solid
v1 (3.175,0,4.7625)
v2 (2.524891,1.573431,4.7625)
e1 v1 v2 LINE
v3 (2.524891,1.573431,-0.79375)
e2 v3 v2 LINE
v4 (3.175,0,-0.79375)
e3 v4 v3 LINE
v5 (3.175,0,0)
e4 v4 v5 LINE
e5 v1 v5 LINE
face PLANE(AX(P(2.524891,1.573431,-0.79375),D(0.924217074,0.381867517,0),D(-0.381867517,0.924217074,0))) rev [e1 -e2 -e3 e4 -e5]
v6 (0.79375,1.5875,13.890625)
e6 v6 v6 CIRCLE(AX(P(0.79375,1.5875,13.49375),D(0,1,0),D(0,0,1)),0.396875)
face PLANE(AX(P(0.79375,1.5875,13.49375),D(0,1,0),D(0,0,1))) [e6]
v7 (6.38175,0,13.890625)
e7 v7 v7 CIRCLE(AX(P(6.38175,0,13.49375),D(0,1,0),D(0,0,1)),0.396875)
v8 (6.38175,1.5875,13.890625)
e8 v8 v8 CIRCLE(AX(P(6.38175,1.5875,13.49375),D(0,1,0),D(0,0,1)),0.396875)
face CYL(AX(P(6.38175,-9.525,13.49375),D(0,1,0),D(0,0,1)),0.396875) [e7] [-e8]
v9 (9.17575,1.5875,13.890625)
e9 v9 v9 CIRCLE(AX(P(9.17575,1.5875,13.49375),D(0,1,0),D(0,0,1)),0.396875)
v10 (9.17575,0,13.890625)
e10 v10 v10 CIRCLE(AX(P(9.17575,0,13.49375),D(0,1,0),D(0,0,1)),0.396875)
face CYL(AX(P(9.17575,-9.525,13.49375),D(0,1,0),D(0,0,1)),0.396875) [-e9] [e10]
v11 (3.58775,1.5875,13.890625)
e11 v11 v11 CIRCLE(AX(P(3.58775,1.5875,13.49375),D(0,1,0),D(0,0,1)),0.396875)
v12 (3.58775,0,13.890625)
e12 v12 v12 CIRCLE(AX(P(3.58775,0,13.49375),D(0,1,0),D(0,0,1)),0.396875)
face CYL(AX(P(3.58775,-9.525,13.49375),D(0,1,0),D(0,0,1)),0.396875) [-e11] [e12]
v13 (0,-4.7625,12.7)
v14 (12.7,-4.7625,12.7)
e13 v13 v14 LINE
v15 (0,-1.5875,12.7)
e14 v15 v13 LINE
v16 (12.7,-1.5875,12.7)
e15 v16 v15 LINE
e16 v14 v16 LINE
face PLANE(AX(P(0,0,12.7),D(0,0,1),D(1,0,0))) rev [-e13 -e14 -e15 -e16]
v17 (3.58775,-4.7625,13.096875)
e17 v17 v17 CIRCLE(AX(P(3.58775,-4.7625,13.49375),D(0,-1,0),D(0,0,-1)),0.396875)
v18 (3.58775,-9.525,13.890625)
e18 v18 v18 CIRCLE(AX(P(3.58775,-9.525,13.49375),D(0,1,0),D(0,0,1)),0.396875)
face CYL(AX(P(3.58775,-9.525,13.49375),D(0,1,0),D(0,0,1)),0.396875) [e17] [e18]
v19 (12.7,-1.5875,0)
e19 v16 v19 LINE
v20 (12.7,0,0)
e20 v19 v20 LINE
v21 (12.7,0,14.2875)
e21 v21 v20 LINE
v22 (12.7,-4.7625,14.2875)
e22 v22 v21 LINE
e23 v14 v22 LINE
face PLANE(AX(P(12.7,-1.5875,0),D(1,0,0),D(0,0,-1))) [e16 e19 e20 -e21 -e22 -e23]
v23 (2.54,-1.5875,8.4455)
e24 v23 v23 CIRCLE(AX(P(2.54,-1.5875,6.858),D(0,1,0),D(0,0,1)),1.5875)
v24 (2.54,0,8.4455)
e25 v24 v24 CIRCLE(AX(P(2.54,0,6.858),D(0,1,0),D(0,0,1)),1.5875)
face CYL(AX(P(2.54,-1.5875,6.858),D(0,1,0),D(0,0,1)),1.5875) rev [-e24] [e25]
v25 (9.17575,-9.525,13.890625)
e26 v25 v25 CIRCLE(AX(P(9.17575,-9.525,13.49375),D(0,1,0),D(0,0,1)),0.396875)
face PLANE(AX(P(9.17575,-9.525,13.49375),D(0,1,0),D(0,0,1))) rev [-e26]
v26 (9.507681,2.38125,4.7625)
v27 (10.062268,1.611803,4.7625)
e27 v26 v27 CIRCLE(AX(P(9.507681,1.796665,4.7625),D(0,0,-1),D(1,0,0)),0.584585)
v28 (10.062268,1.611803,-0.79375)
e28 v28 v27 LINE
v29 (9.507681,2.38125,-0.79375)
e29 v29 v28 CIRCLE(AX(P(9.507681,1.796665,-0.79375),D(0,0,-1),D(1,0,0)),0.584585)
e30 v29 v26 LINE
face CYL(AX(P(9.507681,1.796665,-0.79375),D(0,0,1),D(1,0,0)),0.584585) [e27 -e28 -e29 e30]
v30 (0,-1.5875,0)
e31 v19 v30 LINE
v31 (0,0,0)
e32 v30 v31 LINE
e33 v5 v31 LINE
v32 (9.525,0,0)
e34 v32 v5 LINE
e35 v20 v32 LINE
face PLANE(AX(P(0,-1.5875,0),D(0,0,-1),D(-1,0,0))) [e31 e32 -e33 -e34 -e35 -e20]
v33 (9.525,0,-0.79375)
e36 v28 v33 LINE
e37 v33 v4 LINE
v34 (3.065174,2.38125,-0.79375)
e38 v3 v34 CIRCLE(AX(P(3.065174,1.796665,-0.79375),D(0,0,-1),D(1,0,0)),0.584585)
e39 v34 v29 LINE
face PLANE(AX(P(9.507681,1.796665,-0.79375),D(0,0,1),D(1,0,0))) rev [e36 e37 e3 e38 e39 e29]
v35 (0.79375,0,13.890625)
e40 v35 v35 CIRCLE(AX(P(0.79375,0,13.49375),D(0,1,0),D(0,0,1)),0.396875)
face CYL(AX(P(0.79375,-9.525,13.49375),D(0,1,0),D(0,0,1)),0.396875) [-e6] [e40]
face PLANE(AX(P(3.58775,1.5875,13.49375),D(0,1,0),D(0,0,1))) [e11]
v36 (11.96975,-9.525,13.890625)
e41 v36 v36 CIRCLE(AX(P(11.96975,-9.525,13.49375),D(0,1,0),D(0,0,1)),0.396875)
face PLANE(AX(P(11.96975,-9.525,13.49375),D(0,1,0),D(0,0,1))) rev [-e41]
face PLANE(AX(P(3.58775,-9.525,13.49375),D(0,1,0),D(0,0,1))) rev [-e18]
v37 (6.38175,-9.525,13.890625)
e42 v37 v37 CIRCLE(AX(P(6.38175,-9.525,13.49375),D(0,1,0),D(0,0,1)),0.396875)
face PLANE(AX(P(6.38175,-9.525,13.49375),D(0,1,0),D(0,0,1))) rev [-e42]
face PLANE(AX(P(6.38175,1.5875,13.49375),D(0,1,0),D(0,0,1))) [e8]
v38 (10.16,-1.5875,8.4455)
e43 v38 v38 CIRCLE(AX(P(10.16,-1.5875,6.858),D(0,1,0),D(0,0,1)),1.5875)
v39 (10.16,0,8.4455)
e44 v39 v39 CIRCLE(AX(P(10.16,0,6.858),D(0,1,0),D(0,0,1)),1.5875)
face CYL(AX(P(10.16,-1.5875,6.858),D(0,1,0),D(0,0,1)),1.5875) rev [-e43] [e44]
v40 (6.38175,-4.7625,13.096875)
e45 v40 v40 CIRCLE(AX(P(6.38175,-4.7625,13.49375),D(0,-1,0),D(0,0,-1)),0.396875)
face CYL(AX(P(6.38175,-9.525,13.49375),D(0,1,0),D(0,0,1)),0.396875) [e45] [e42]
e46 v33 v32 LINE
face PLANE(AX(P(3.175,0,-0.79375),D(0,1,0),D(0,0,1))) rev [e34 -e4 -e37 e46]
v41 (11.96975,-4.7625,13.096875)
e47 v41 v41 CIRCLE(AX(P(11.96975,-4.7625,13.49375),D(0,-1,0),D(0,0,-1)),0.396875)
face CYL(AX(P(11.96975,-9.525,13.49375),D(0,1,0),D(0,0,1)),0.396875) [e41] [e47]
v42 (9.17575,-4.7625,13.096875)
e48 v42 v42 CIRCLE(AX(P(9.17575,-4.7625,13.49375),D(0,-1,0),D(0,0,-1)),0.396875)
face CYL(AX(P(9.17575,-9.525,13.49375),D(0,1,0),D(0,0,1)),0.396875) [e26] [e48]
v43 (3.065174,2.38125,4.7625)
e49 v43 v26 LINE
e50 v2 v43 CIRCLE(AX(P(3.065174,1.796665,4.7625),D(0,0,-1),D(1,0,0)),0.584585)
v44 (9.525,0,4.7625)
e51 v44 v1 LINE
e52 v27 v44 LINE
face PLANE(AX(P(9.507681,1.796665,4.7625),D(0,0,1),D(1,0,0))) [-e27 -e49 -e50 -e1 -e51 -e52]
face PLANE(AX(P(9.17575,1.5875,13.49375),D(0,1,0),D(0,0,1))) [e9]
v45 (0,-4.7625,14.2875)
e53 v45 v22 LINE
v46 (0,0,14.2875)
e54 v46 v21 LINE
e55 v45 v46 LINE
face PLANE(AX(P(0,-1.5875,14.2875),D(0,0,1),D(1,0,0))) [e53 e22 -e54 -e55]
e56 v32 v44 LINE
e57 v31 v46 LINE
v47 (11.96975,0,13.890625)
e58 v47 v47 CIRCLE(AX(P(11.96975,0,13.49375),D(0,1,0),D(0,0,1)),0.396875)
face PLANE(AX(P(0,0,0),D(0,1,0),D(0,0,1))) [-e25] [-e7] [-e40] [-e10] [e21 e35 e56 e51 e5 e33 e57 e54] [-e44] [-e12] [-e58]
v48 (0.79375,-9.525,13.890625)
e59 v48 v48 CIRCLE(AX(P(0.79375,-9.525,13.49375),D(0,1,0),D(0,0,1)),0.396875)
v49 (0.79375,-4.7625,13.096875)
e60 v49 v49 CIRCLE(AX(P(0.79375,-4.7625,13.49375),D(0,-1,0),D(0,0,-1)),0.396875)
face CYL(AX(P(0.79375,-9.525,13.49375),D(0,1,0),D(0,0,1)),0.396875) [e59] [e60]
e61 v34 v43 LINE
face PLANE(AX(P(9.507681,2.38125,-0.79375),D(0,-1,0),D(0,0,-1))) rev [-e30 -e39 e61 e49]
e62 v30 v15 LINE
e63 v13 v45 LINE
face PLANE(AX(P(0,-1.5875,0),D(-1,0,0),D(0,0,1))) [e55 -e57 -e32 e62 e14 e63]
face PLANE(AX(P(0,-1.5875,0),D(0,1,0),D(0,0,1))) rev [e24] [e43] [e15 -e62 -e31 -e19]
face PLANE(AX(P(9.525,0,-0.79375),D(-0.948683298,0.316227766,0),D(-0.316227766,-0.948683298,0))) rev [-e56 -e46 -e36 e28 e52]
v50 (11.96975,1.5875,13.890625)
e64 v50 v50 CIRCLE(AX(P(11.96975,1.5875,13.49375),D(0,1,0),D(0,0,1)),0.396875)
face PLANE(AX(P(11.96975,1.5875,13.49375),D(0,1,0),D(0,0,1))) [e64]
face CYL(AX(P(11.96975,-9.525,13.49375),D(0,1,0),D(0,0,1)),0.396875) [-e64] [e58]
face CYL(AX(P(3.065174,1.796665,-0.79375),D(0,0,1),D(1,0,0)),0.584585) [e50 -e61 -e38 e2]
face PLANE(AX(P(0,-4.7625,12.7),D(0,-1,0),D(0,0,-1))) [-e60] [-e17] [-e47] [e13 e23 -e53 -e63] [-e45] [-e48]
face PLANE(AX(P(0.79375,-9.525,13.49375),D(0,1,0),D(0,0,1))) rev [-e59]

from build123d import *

# Parameters (mm, degrees)
SKETCH1_W                = 12.7
SKETCH1_H                = 14.2875
SKETCH1_R                = 1.5875
BOSS_EXTRUDE1_DEPTH      = 1.5875
SKETCH2_W                = 12.7
SKETCH2_H                = 3.175
BOSS_EXTRUDE2_DEPTH      = 1.5875
SKETCH3_R                = 0.396875
CUT_EXTRUDE1_DEPTH       = 5.7625
SKETCH4_R                = 0.396875
BOSS_EXTRUDE3_DEPTH      = 1.5875
BOSS_EXTRUDE3_DEPTH_BACK = 9.525
BOSS_EXTRUDE5_DEPTH      = 0.79375
BOSS_EXTRUDE5_DEPTH_BACK = 4.7625


with BuildPart() as part:
    # Sketch1 → Boss-Extrude1 (new body)
    with BuildSketch(Plane(origin=(0, 0, 0), x_dir=(1, 0, 0), z_dir=(0, 1, 0))):
        with Locations((6.35, -7.14375)):
            Rectangle(SKETCH1_W, SKETCH1_H)
        with Locations((10.16, -6.858)):
            Circle(SKETCH1_R, mode=Mode.SUBTRACT)
        with Locations((2.54, -6.858)):
            Circle(SKETCH1_R, mode=Mode.SUBTRACT)
    extrude(amount=-BOSS_EXTRUDE1_DEPTH)

    # Sketch2 → Boss-Extrude2 (add)
    with BuildSketch(Plane.XY.offset(14.2875)):
        with Locations((6.35, -3.175)):
            Rectangle(SKETCH2_W, SKETCH2_H)
    extrude(amount=-BOSS_EXTRUDE2_DEPTH)

    # Sketch3 → Cut-Extrude1 (cut, through all)
    with BuildSketch(Plane(origin=(0, 0, 0), x_dir=(1, 0, 0), z_dir=(0, 1, 0))):
        with Locations((0.79375, -13.49375)):
            Circle(SKETCH3_R)
        with Locations((3.58775, -13.49375)):
            Circle(SKETCH3_R)
        with Locations((6.38175, -13.49375)):
            Circle(SKETCH3_R)
        with Locations((9.17575, -13.49375)):
            Circle(SKETCH3_R)
        with Locations((11.96975, -13.49375)):
            Circle(SKETCH3_R)
    extrude(amount=-CUT_EXTRUDE1_DEPTH, mode=Mode.SUBTRACT)

    # Sketch4 → Boss-Extrude3 (add, two sides)
    with BuildSketch(Plane(origin=(0, 0, 0), x_dir=(1, 0, 0), z_dir=(0, 1, 0))) as boss_extrude3_sk:
        with Locations((0.79375, -13.49375)):
            Circle(SKETCH4_R)
        with Locations((3.58775, -13.49375)):
            Circle(SKETCH4_R)
        with Locations((6.38175, -13.49375)):
            Circle(SKETCH4_R)
        with Locations((9.17575, -13.49375)):
            Circle(SKETCH4_R)
        with Locations((11.96975, -13.49375)):
            Circle(SKETCH4_R)
    extrude(amount=BOSS_EXTRUDE3_DEPTH)
    extrude(boss_extrude3_sk.sketch, amount=-BOSS_EXTRUDE3_DEPTH_BACK)

    # Sketch5 → Boss-Extrude5 (add, two sides)
    with BuildSketch(Plane(origin=(0, 0, 0), x_dir=(-1, 0, 0), z_dir=(0, 0, -1))) as boss_extrude5_sk:
        with BuildLine():
            Line((-9.525, 0), (-10.062267539, 1.611802618))
            ThreePointArc((-10.062267539, 1.611802618), (-9.981921487, 2.138477744), (-9.507681244, 2.38125))
            Line((-9.507681244, 2.38125), (-3.065174491, 2.38125))
            ThreePointArc((-3.065174491, 2.38125), (-2.579253026, 2.12165746), (-2.524890791, 1.573430586))
            Line((-2.524890791, 1.573430586), (-3.175, 0))
            Line((-3.175, 0), (-9.525, 0))
        make_face()
    extrude(amount=BOSS_EXTRUDE5_DEPTH)
    extrude(boss_extrude5_sk.sketch, amount=-BOSS_EXTRUDE5_DEPTH_BACK)


solid = part.part
